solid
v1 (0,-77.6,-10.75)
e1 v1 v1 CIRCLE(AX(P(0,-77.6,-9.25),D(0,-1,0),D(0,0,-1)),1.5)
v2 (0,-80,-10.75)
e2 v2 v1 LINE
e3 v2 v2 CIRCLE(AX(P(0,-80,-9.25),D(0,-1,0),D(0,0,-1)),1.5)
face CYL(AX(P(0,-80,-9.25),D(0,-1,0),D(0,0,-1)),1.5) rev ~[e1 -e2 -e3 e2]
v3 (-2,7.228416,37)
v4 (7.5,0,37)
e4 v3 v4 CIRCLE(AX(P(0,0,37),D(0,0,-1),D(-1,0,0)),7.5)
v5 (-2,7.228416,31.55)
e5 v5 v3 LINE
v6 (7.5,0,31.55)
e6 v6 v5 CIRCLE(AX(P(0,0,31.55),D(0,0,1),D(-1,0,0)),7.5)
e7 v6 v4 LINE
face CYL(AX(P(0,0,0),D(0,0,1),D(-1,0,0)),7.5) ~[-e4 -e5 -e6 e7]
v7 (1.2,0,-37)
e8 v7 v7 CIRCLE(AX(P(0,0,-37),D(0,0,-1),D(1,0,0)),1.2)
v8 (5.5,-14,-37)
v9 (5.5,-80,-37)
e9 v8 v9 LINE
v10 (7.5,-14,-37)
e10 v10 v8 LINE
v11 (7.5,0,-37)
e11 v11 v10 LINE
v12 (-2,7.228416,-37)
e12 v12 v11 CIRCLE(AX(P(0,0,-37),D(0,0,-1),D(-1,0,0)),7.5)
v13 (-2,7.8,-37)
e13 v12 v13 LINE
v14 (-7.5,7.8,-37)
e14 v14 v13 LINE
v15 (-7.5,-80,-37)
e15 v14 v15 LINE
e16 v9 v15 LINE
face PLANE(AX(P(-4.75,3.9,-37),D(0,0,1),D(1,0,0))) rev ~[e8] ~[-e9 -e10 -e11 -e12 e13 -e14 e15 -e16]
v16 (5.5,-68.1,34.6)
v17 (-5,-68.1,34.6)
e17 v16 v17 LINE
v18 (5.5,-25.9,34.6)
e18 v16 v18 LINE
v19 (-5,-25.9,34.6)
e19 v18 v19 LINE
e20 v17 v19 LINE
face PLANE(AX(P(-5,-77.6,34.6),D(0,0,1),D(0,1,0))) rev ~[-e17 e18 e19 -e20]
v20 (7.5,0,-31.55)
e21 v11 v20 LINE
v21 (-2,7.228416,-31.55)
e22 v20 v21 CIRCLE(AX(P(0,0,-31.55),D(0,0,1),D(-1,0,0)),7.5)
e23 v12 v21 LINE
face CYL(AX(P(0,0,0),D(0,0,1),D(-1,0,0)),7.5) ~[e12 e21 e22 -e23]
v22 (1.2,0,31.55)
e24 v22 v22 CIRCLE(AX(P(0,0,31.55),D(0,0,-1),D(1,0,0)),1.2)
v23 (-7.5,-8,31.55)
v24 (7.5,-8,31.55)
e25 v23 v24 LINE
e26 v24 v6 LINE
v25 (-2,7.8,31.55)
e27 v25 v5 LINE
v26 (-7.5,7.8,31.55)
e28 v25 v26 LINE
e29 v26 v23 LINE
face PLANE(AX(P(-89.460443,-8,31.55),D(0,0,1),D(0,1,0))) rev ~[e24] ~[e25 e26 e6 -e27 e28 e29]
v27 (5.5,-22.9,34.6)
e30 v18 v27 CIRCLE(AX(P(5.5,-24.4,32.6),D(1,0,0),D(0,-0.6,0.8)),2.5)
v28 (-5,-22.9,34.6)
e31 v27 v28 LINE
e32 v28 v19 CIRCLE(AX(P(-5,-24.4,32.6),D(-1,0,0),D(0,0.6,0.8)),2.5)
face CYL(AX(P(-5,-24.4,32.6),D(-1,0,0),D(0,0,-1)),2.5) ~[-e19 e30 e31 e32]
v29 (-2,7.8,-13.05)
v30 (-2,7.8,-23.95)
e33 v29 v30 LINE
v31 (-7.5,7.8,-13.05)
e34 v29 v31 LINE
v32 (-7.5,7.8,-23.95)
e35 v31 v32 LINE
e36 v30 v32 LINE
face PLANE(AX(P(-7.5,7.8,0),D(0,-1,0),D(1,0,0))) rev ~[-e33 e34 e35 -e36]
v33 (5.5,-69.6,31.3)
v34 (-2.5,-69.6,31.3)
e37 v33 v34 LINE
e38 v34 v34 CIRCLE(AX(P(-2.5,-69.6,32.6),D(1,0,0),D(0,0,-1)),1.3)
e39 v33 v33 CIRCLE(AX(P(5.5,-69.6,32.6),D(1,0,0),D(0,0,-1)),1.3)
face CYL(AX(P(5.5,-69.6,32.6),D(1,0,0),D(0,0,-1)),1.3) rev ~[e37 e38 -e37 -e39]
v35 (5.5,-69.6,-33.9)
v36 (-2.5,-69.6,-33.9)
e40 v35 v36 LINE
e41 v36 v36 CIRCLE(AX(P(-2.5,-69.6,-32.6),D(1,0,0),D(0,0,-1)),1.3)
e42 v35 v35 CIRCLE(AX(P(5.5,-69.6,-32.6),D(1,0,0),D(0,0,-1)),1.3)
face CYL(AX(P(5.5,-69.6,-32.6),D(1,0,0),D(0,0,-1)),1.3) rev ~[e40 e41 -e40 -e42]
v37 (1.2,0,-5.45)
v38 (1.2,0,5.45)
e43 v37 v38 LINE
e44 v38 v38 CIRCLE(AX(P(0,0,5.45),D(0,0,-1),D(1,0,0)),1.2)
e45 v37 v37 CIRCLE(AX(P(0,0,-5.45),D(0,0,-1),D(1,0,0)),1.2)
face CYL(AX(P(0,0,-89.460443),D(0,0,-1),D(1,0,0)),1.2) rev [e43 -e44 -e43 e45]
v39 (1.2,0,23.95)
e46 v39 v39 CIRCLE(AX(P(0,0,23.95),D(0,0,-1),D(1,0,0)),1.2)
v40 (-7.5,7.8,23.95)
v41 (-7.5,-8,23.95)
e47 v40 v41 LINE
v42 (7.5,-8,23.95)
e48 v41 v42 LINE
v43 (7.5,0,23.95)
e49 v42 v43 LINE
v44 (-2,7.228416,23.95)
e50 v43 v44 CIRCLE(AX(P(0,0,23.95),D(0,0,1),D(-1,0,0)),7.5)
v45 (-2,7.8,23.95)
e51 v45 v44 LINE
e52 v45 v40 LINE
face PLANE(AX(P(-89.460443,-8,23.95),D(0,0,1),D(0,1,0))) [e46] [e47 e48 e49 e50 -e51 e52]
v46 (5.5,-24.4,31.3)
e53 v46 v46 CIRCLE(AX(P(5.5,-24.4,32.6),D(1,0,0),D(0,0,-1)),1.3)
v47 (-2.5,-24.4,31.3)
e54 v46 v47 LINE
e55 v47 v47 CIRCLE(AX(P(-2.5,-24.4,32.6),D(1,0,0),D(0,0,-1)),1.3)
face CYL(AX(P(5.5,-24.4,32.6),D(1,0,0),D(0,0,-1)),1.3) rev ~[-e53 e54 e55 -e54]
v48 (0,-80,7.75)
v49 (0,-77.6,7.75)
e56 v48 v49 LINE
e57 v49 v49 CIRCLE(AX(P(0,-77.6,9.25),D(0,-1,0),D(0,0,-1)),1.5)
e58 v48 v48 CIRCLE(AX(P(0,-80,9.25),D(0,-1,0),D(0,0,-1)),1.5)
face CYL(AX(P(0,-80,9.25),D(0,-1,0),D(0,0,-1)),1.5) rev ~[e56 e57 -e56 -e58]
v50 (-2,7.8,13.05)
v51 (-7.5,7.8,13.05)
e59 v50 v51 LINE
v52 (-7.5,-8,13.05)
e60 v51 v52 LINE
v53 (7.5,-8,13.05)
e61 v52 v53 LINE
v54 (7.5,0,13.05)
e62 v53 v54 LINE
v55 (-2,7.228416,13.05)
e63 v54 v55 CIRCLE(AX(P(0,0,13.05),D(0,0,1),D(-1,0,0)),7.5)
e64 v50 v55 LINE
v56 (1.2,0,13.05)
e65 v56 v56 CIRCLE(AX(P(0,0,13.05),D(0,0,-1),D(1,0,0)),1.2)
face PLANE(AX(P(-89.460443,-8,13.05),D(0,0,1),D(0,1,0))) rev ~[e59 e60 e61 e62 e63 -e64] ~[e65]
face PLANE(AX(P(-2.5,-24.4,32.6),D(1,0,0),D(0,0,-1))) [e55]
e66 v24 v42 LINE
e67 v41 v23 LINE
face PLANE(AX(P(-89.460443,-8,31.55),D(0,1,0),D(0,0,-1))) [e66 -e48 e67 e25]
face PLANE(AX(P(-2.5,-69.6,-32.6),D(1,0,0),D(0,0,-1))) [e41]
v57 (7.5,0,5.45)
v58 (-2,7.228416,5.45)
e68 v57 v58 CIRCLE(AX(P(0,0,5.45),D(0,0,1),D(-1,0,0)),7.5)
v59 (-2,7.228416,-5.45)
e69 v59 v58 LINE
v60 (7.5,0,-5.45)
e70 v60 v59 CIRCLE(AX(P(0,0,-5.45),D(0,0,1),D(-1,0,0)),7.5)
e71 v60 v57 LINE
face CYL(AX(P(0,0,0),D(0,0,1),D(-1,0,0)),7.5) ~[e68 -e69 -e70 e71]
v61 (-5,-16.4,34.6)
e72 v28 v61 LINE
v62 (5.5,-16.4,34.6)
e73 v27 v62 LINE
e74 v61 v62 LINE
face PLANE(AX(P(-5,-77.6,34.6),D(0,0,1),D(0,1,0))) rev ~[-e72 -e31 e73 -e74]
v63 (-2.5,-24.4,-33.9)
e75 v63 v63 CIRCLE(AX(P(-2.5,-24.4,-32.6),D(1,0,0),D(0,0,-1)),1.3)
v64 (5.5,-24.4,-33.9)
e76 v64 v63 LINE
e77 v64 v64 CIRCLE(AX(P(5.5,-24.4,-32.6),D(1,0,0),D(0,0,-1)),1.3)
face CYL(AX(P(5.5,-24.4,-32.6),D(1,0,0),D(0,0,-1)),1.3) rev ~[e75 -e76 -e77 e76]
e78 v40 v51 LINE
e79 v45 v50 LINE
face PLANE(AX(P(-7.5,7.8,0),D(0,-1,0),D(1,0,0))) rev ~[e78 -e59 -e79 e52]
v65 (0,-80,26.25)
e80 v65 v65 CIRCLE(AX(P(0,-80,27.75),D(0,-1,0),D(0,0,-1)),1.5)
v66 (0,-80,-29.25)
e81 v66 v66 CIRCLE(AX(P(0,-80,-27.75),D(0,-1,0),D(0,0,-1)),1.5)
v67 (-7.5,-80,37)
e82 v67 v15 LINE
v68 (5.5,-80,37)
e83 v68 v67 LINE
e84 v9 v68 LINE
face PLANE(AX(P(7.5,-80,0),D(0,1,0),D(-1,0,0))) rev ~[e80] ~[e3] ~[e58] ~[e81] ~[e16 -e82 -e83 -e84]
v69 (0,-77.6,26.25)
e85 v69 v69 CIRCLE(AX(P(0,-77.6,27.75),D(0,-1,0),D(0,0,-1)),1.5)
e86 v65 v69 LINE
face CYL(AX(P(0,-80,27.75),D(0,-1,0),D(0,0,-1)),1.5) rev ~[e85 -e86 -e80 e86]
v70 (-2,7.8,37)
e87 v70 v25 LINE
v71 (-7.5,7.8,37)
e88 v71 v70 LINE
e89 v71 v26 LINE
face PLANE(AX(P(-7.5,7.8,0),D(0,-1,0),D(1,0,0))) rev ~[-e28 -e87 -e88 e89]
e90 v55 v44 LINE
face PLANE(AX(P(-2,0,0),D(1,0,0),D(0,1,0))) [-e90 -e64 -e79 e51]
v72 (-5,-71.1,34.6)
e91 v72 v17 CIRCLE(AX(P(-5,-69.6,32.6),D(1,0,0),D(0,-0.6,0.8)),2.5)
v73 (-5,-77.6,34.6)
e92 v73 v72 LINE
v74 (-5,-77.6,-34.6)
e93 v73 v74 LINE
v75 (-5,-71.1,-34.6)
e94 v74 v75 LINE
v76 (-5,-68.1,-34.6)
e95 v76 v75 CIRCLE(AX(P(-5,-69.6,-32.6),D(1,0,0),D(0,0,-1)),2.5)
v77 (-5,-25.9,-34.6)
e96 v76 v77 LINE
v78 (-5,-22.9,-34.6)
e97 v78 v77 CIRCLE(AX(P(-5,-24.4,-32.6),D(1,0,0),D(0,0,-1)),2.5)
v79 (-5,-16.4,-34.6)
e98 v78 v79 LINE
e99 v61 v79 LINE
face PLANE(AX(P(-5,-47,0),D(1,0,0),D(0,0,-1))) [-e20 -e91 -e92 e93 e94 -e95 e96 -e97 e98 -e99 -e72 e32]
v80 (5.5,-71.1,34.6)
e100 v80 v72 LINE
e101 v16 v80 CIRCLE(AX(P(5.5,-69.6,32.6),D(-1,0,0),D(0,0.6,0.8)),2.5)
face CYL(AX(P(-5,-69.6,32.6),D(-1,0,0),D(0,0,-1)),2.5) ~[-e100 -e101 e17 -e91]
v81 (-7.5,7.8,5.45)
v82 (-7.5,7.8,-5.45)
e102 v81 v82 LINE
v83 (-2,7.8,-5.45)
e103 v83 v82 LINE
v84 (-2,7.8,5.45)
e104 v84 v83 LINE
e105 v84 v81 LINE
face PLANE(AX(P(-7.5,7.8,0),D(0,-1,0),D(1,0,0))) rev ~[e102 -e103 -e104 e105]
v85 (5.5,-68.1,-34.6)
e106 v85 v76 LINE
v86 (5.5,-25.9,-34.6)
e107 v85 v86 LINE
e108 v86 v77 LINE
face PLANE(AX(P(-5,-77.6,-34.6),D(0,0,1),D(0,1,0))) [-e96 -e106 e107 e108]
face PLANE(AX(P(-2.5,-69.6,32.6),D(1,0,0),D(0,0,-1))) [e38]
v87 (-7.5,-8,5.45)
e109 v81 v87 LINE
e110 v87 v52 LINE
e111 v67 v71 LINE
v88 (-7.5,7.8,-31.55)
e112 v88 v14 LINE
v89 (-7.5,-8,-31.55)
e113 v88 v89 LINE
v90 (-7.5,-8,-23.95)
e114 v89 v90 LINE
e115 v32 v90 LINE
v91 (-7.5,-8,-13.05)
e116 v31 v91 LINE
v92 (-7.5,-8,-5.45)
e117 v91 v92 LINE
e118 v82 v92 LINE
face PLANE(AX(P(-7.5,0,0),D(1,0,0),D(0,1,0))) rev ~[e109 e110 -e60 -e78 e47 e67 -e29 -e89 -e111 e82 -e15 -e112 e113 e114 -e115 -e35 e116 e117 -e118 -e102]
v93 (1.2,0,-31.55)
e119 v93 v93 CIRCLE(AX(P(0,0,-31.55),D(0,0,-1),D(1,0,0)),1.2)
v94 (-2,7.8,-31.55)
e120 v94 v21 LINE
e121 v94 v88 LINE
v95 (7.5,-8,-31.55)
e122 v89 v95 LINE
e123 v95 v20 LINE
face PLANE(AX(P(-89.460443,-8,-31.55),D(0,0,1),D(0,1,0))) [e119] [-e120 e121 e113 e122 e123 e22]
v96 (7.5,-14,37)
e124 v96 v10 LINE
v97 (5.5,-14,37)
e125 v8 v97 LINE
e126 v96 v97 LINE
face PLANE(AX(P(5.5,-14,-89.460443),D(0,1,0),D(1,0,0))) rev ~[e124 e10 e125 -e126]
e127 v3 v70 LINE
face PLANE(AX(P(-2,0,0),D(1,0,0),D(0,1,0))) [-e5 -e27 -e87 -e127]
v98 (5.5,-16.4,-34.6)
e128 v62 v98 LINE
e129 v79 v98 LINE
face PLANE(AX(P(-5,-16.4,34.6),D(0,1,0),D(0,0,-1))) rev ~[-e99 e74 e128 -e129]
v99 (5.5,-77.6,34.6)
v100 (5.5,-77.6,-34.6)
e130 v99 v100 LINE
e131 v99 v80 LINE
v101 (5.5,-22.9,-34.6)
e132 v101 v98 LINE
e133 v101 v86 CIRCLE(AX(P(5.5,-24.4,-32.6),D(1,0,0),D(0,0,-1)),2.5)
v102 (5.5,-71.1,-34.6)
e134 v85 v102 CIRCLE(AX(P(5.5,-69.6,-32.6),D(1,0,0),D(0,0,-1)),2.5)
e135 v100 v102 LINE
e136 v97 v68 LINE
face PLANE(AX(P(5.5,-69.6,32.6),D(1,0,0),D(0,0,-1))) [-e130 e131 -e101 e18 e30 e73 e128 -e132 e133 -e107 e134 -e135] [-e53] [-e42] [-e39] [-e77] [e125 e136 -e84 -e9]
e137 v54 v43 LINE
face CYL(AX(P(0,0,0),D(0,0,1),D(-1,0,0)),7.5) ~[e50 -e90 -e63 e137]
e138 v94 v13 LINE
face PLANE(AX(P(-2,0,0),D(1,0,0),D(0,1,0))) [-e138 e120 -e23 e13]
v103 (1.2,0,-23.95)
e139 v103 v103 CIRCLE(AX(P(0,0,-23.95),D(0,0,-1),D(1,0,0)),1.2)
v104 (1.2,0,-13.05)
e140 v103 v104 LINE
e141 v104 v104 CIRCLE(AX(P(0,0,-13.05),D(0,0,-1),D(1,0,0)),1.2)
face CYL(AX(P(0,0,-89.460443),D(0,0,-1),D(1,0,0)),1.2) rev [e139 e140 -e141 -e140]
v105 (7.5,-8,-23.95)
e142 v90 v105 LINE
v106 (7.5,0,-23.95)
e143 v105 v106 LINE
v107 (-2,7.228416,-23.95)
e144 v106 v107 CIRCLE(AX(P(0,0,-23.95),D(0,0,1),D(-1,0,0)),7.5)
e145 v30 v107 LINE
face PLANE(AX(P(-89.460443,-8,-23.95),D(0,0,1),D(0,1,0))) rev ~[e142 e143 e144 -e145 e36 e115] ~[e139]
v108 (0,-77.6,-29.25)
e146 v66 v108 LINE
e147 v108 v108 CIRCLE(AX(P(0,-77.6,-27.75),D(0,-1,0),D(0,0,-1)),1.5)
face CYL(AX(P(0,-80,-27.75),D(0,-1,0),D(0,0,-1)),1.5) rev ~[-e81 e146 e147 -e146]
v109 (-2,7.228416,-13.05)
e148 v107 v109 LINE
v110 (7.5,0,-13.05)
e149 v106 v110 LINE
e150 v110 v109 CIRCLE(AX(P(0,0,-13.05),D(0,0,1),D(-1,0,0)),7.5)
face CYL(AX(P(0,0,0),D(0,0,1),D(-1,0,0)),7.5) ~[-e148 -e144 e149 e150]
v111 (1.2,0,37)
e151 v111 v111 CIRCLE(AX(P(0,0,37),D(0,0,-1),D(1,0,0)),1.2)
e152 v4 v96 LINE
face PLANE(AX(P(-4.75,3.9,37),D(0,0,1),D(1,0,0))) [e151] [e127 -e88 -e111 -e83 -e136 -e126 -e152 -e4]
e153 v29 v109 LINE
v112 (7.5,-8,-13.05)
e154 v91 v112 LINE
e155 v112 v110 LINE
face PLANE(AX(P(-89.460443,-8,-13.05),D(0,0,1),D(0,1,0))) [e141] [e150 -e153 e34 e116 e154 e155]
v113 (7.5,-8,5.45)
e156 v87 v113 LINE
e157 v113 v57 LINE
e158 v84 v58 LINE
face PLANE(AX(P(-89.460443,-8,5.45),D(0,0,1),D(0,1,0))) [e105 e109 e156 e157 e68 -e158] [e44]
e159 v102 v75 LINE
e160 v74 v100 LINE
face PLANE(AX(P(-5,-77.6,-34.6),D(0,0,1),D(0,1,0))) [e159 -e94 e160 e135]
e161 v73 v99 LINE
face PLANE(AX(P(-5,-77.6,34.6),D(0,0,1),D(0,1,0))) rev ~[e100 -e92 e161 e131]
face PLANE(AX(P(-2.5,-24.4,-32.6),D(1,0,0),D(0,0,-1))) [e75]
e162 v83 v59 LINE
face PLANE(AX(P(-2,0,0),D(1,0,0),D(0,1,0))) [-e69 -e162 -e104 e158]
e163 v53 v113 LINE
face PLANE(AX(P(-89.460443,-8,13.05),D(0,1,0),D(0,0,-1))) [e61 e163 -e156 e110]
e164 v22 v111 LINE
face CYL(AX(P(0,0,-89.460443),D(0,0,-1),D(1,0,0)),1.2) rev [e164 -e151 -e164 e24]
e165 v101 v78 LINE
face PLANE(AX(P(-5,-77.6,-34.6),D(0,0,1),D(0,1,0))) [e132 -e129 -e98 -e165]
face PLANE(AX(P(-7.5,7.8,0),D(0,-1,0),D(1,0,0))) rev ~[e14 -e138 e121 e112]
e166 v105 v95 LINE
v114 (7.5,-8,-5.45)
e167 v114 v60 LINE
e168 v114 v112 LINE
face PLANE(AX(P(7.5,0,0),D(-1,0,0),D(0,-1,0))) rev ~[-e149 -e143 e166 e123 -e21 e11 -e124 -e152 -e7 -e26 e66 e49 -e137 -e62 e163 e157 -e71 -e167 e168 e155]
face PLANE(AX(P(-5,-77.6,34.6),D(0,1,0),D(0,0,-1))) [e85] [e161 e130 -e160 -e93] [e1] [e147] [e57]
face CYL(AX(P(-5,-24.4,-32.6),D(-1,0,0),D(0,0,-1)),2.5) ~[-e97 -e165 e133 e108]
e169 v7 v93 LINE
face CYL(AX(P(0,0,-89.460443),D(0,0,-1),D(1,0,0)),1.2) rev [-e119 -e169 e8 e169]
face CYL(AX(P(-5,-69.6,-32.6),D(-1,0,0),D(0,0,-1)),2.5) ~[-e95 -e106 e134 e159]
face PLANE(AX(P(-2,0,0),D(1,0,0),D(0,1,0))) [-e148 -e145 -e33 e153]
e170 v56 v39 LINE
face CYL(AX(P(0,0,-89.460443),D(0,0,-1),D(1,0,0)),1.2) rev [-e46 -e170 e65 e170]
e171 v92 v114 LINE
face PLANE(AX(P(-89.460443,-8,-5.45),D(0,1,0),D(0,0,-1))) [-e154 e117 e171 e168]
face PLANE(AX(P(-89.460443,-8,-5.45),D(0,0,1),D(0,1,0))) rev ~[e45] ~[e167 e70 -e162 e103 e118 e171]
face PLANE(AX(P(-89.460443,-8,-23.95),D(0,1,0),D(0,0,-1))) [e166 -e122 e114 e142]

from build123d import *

# Parameters (mm, degrees)
BOSS_EXTRUDE1_DEPTH     = 37
SKETCH2_W               = 5.5
SKETCH2_H               = 7.8
BOSS_EXTRUDE2_DEPTH     = 37
CUT_EXTRUDE1_DEPTH      = 89.460443137
CUT_EXTRUDE1_DEPTH_BACK = 89.460443137
SKETCH3_W               = 7.6
SKETCH3_H               = 17
CUT_EXTRUDE2_DEPTH      = 89.460443137
CUT_EXTRUDE2_DEPTH_BACK = 89.460443137
SKETCH4_R               = 1.2
CUT_EXTRUDE3_DEPTH      = 89.460443137
CUT_EXTRUDE3_DEPTH_BACK = 89.460443137
SKETCH5_W               = 2.5
SKETCH5_H               = 67
CUT_EXTRUDE4_DEPTH      = 90.09545443
CUT_EXTRUDE4_DEPTH_BACK = 10.5
SKETCH6_W               = 69.2
SKETCH6_H               = 61.2
SKETCH7_R               = 2.5
BOSS_EXTRUDE8_DEPTH     = 10.5
SKETCH8_R               = 1.3
CUT_EXTRUDE5_DEPTH      = 8
SKETCH9_R               = 1.5
CUT_EXTRUDE6_DEPTH      = 3


with BuildPart() as part:
    # Sketch1 → Boss-Extrude1 (new, symmetric)
    with BuildSketch(Plane.XY):
        with BuildLine():
            Line((7.5, 0), (7.5, -80))
            Line((7.5, -80), (-7.5, -80))
            Line((-7.5, -80), (-7.5, 0))
            ThreePointArc((-7.5, 0), (0, 7.5), (7.5, 0))
        make_face()
    extrude(amount=BOSS_EXTRUDE1_DEPTH, both=True)

    # Sketch2 → Boss-Extrude2 (add, symmetric)
    with BuildSketch(Plane.XY):
        with Locations((-4.75, 3.9)):
            Rectangle(SKETCH2_W, SKETCH2_H)
    extrude(amount=BOSS_EXTRUDE2_DEPTH, both=True)

    # Sketch3 → Cut-Extrude1 (cut, two sides: drawn at the far end of the back side and taken through both)
    with BuildSketch(Plane(origin=(0, 0, 0), x_dir=(0, 0, -1), z_dir=(1, 0, 0)).offset(-CUT_EXTRUDE1_DEPTH_BACK)):
        with Locations((-9.25, 0.5)):
            Rectangle(SKETCH3_W, SKETCH3_H)
        with Locations((-27.75, 0.5)):
            Rectangle(SKETCH3_W, SKETCH3_H)
        with Locations((27.75, 0.5)):
            Rectangle(SKETCH3_W, SKETCH3_H)
        with Locations((9.25, 0.5)):
            Rectangle(SKETCH3_W, SKETCH3_H)
    extrude(amount=CUT_EXTRUDE1_DEPTH + CUT_EXTRUDE1_DEPTH_BACK, mode=Mode.SUBTRACT)

    # Sketch4 → Cut-Extrude2 (cut, two sides: drawn at the far end of the back side and taken through both)
    with BuildSketch(Plane.XY.offset(-CUT_EXTRUDE2_DEPTH_BACK)):
        Circle(SKETCH4_R)
    extrude(amount=CUT_EXTRUDE2_DEPTH + CUT_EXTRUDE2_DEPTH_BACK, mode=Mode.SUBTRACT)

    # Sketch5 → Cut-Extrude3 (cut, two sides: drawn at the far end of the back side and taken through both)
    with BuildSketch(Plane.XY.offset(-CUT_EXTRUDE3_DEPTH_BACK)):
        with Locations((6.75, -47.5)):
            Rectangle(SKETCH5_W, SKETCH5_H)
    extrude(amount=CUT_EXTRUDE3_DEPTH + CUT_EXTRUDE3_DEPTH_BACK, mode=Mode.SUBTRACT)

    # Sketch6 → Cut-Extrude4 (cut, two sides: drawn at the far end of the back side and taken through both)
    with BuildSketch(Plane(origin=(5.5, 0, 0), x_dir=(0, 0, -1), z_dir=(1, 0, 0)).offset(-CUT_EXTRUDE4_DEPTH_BACK)):
        with Locations((0, -47)):
            Rectangle(SKETCH6_W, SKETCH6_H)
    extrude(amount=CUT_EXTRUDE4_DEPTH + CUT_EXTRUDE4_DEPTH_BACK, mode=Mode.SUBTRACT)

    # Sketch7 → Boss-Extrude8 (add)
    with BuildSketch(Plane(origin=(-5, 0, 0), x_dir=(0, 0, -1), z_dir=(1, 0, 0))):
        with Locations((-32.6, -69.6)):
            Circle(SKETCH7_R)
        with Locations((-32.6, -24.4)):
            Circle(SKETCH7_R)
        with Locations((32.6, -24.4)):
            Circle(SKETCH7_R)
        with Locations((32.6, -69.6)):
            Circle(SKETCH7_R)
    extrude(amount=BOSS_EXTRUDE8_DEPTH)

    # Sketch8 → Cut-Extrude5 (cut)
    with BuildSketch(Plane(origin=(5.5, 0, 0), x_dir=(0, 0, -1), z_dir=(1, 0, 0))):
        with Locations((-32.6, -24.4)):
            Circle(SKETCH8_R)
        with Locations((32.6, -24.4)):
            Circle(SKETCH8_R)
        with Locations((32.6, -69.6)):
            Circle(SKETCH8_R)
        with Locations((-32.6, -69.6)):
            Circle(SKETCH8_R)
    extrude(amount=-CUT_EXTRUDE5_DEPTH, mode=Mode.SUBTRACT)

    # Sketch9 → Cut-Extrude6 (cut)
    with BuildSketch(Plane.XZ.offset(80)):
        with Locations(Location((0, -9.25, 0), (0, 0, 270))):
            Circle(SKETCH9_R)
        with Locations(Location((0, -27.75, 0), (0, 0, 270))):
            Circle(SKETCH9_R)
        with Locations(Location((0, 9.25, 0), (0, 0, 270))):
            Circle(SKETCH9_R)
        with Locations(Location((0, 27.75, 0), (0, 0, 270))):
            Circle(SKETCH9_R)
    extrude(amount=-CUT_EXTRUDE6_DEPTH, mode=Mode.SUBTRACT)


solid = part.part
